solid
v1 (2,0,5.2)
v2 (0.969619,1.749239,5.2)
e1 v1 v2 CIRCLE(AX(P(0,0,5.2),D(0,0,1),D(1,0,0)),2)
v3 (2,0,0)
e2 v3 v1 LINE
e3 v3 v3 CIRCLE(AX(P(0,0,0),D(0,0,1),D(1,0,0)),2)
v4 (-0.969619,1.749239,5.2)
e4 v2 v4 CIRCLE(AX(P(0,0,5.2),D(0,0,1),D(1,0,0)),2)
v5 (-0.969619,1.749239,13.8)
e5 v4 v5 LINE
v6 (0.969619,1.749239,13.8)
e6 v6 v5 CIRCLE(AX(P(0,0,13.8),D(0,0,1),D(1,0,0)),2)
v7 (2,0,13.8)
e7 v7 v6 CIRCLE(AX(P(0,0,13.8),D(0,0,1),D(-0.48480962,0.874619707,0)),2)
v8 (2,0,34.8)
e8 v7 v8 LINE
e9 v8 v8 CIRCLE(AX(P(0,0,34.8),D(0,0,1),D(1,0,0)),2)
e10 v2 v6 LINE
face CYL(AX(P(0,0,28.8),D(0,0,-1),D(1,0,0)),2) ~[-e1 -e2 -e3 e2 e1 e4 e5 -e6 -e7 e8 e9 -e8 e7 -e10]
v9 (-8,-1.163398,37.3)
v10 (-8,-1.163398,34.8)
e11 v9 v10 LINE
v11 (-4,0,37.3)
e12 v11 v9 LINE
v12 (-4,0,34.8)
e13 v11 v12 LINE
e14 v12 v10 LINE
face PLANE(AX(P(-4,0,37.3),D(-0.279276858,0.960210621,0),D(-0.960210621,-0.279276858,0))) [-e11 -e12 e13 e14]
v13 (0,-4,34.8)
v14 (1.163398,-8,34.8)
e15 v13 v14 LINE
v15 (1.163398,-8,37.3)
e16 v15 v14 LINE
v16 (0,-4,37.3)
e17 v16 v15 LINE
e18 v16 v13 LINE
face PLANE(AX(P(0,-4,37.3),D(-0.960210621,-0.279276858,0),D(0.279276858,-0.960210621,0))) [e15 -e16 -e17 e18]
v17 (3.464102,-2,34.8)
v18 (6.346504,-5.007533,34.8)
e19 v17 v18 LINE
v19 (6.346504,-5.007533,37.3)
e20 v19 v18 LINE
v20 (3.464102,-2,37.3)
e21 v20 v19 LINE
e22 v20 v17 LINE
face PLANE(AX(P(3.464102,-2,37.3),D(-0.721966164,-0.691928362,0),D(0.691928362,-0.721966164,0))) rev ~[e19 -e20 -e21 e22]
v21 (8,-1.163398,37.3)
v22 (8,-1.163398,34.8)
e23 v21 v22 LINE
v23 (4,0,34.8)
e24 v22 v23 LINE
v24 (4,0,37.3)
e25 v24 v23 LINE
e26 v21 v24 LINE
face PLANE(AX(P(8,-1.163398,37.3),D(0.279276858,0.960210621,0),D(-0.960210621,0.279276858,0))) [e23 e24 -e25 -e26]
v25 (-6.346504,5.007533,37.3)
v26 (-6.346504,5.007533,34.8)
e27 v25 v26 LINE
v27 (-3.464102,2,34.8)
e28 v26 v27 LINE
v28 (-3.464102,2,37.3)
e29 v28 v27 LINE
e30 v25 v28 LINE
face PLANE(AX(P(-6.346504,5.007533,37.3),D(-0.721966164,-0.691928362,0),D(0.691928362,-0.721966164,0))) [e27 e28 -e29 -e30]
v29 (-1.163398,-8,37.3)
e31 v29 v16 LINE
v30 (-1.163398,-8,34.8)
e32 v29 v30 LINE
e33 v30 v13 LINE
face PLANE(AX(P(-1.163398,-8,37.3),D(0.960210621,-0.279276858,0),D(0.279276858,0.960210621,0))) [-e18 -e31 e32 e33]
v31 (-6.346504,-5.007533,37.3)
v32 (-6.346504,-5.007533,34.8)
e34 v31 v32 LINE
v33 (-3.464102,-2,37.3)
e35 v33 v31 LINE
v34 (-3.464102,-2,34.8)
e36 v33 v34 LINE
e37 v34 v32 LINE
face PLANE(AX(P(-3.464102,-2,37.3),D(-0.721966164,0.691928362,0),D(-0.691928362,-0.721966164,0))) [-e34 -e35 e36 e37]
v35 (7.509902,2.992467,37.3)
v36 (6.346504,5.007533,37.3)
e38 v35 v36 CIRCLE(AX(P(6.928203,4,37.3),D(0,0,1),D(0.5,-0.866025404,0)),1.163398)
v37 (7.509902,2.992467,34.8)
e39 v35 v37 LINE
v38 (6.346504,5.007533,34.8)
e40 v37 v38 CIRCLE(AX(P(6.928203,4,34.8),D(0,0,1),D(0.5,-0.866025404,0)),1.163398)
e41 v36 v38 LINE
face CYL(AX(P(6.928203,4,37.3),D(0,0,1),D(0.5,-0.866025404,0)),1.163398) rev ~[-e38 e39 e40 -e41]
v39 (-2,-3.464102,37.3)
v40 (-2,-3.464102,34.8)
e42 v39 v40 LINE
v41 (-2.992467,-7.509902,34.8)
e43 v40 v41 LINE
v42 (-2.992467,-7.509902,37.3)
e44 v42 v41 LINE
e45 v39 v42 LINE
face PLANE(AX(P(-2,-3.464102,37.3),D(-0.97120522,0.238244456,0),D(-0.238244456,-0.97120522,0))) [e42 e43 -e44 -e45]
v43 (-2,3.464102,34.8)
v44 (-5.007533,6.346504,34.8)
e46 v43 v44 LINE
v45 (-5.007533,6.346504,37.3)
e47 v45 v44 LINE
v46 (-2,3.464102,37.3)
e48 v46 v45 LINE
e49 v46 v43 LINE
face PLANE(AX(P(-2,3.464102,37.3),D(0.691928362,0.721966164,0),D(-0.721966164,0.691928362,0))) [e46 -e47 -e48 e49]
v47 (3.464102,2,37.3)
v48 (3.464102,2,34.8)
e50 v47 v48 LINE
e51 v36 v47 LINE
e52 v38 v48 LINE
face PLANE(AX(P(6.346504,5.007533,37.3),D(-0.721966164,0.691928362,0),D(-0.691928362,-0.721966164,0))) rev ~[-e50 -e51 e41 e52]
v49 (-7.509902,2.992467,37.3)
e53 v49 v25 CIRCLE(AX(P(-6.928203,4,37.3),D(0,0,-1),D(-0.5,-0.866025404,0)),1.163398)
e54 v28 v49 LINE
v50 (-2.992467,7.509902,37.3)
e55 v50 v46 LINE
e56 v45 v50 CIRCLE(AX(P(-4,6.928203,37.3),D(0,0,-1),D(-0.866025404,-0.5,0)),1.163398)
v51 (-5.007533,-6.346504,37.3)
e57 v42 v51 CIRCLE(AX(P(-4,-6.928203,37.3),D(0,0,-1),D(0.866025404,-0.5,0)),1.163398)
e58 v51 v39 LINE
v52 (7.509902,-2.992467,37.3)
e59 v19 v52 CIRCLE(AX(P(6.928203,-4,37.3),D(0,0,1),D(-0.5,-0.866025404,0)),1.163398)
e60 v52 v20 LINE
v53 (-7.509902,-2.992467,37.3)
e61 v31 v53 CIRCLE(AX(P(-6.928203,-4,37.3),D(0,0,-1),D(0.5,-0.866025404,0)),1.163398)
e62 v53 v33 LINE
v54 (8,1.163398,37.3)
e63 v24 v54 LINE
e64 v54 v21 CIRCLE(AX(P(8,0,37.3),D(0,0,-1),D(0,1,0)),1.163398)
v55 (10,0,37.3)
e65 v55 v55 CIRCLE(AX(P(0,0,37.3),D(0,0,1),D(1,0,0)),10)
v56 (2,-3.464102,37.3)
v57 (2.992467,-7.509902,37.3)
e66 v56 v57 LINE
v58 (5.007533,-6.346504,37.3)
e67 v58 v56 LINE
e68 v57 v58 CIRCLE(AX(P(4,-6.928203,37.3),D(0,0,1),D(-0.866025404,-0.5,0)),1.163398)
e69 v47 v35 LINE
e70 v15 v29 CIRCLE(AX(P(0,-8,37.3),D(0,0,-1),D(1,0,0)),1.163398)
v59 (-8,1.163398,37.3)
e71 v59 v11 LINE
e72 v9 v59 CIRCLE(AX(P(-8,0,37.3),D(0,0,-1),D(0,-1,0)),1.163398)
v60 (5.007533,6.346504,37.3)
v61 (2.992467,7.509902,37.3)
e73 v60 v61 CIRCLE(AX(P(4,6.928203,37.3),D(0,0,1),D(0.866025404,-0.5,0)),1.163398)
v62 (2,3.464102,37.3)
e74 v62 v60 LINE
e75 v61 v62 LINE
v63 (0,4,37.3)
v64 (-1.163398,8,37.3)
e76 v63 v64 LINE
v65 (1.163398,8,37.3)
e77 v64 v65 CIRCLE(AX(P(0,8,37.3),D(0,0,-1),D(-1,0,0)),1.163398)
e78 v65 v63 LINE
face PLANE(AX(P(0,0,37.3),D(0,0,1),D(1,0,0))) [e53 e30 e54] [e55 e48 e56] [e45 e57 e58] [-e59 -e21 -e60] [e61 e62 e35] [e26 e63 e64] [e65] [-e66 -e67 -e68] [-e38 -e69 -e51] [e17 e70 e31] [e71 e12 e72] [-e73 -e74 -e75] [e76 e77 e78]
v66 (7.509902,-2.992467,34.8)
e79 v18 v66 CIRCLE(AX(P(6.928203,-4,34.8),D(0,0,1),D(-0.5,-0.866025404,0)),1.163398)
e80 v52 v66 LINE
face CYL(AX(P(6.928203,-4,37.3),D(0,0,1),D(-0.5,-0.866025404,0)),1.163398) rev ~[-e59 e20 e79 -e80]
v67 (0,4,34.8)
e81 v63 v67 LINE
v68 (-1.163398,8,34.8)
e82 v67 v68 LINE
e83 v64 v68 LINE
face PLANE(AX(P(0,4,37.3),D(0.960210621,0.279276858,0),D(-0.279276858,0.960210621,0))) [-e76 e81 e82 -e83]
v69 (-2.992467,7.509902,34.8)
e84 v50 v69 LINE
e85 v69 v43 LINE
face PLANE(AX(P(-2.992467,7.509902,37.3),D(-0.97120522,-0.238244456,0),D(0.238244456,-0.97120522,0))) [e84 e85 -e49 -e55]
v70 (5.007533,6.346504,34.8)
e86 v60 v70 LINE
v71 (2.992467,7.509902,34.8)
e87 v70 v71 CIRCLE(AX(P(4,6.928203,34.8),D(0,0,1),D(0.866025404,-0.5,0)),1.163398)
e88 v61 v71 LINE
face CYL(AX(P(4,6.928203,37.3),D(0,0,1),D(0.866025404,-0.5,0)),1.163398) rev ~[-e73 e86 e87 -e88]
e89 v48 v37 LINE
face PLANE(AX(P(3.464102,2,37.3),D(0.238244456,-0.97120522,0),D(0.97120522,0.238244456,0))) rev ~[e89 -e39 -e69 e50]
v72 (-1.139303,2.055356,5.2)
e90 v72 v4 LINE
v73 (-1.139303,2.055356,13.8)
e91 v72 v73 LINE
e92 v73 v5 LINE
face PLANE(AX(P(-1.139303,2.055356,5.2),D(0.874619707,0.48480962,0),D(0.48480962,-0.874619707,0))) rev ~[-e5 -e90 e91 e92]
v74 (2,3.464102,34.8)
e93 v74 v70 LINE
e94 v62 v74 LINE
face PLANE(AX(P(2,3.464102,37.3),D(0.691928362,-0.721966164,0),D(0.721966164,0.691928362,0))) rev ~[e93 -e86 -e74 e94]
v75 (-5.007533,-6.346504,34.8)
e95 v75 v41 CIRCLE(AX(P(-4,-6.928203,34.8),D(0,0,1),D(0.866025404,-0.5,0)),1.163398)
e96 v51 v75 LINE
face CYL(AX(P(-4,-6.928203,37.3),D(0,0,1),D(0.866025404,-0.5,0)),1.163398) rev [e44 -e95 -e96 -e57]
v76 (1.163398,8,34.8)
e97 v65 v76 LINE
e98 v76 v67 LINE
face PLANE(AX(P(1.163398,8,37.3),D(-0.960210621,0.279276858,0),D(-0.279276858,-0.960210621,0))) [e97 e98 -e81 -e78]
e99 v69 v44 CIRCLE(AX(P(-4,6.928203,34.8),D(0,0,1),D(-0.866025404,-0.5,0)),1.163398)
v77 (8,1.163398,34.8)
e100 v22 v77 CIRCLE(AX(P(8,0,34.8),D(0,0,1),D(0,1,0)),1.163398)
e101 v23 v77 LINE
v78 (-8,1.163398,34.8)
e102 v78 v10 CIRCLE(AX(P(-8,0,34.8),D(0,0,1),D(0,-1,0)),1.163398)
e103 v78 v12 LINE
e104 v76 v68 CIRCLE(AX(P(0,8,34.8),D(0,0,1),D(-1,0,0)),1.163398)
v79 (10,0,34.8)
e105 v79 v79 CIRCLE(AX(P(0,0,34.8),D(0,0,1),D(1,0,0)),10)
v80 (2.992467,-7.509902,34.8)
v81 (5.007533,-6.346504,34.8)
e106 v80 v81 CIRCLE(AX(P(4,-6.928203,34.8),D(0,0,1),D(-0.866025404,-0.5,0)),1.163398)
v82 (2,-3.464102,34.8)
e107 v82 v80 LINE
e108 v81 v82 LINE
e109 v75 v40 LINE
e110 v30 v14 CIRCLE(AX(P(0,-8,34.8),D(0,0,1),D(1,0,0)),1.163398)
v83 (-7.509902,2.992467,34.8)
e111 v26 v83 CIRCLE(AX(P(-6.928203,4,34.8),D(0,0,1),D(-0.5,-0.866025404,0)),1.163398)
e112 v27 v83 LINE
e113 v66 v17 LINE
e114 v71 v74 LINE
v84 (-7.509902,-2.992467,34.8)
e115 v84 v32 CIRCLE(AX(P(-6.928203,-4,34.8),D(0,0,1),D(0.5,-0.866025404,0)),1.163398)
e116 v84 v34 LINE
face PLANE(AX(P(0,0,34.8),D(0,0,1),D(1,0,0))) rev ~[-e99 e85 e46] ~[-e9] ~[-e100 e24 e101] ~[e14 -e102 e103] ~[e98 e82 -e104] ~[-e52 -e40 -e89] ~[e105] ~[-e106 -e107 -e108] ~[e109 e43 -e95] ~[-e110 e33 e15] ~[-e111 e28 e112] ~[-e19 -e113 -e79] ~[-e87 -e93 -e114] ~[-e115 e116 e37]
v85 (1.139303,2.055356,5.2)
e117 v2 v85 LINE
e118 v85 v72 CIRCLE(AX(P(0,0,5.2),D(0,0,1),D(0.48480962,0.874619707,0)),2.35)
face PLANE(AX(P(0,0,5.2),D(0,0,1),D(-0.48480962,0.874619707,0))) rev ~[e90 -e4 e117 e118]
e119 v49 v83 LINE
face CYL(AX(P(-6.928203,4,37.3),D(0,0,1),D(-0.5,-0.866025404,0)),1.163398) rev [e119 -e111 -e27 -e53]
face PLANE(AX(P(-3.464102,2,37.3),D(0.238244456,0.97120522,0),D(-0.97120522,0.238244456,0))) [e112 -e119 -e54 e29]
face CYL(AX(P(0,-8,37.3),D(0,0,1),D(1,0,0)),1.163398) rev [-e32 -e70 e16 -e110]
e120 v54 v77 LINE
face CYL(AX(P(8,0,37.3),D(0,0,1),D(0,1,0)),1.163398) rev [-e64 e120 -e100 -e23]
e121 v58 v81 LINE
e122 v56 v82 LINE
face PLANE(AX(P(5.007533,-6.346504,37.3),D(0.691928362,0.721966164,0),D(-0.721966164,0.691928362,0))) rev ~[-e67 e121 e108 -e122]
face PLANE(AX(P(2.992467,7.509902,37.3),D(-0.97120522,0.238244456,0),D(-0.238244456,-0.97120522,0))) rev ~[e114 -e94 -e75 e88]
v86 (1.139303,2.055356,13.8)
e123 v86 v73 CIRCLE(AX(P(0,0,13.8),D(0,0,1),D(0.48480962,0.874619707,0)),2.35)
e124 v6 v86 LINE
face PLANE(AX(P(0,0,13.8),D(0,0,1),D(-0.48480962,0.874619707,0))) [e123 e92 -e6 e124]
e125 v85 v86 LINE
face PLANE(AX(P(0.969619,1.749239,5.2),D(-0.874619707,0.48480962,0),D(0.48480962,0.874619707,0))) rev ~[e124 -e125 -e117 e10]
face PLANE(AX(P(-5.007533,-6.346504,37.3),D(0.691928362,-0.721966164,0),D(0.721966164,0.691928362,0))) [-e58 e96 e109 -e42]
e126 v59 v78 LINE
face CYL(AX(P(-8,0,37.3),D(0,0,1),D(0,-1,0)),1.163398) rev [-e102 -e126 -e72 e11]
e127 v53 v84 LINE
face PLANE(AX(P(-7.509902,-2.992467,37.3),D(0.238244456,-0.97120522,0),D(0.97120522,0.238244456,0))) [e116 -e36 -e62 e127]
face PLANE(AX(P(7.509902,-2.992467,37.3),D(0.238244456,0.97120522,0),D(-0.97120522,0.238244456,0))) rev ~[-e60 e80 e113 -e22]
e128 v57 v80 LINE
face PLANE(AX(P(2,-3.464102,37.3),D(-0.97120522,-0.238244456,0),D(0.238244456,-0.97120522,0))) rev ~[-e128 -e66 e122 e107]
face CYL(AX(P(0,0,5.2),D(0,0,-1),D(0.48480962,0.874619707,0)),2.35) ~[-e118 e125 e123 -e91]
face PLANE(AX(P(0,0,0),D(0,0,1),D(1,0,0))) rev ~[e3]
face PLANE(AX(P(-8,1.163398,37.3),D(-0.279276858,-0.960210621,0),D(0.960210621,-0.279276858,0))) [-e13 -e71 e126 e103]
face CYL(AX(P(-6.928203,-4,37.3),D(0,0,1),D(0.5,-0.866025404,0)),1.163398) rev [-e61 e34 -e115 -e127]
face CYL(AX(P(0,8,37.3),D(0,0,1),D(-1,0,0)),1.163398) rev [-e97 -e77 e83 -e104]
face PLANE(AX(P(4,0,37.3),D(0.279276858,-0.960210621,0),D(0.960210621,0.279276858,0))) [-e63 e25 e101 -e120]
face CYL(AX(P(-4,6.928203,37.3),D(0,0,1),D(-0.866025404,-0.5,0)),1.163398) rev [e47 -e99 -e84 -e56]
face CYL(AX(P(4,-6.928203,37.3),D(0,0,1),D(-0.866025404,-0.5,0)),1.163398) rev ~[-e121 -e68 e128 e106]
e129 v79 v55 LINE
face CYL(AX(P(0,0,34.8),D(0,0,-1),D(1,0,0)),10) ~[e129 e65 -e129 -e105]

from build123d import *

# Parameters (mm, degrees)
SKETCH3_R           = 2
BOSS_EXTRUDE1_DEPTH = 5.2
SKETCH4_R           = 2
BOSS_EXTRUDE2_DEPTH = 8.6
SKETCH5_R           = 2
BOSS_EXTRUDE3_DEPTH = 15
SKETCH7_R           = 2
BOSS_EXTRUDE4_DEPTH = 6
SKETCH8_R           = 10
BOSS_EXTRUDE5_DEPTH = 2.5
CUT_EXTRUDE1_DEPTH  = 12


with BuildPart() as part:
    # Sketch3 → Boss-Extrude1 (new body)
    with BuildSketch(Plane.XY):
        Circle(SKETCH3_R)
    extrude(amount=BOSS_EXTRUDE1_DEPTH)

    # Sketch4 → Boss-Extrude2 (add)
    with BuildSketch(Plane.XY.offset(5.2)):
        with Locations(Location((0, 0, 0), (0, 0, 119))):
            Circle(SKETCH4_R)
        with BuildLine():
            Line((0, 0), (1.139302608, 2.055356312))
            ThreePointArc((1.139302608, 2.055356312), (0, 2.35), (-1.139302608, 2.055356312))
            Line((-1.139302608, 2.055356312), (0, 0))
        make_face()
        with BuildLine():
            Line((0.96961924, 1.749239414), (0, 0))
            Line((0, 0), (-0.96961924, 1.749239414))
            ThreePointArc((-0.96961924, 1.749239414), (-1.015076726, -1.723258321), (2, 0))
            ThreePointArc((2, 0), (1.723258321, 1.015076726), (0.96961924, 1.749239414))
        make_face()
    extrude(amount=BOSS_EXTRUDE2_DEPTH)

    # Sketch5 → Boss-Extrude3 (add)
    with BuildSketch(Plane.XY.offset(13.8)):
        Circle(SKETCH5_R)
    extrude(amount=BOSS_EXTRUDE3_DEPTH)

    # Sketch7 → Boss-Extrude4 (add)
    with BuildSketch(Plane.XY.offset(28.8)):
        Circle(SKETCH7_R)
    extrude(amount=BOSS_EXTRUDE4_DEPTH)

    # Sketch8 → Boss-Extrude5 (add)
    with BuildSketch(Plane.XY.offset(34.8)):
        Circle(SKETCH8_R)
    extrude(amount=BOSS_EXTRUDE5_DEPTH)

    # Sketch9 → Cut-Extrude1 (cut)
    with BuildSketch(Plane.XY.offset(37.3)):
        with BuildLine():
            Line((7.509902395, -2.992467491), (3.464101615, -2))
            Line((3.464101615, -2), (6.346504065, -5.007532509))
            ThreePointArc((6.346504065, -5.007532509), (7.935735739, -4.581699165), (7.509902395, -2.992467491))
        make_face()
        with BuildLine():
            Line((-6.346504065, 5.007532509), (-3.464101615, 2))
            Line((-3.464101615, 2), (-7.509902395, 2.992467491))
            ThreePointArc((-7.509902395, 2.992467491), (-7.935735739, 4.581699165), (-6.346504065, 5.007532509))
        make_face()
        with BuildLine():
            Line((-7.509902395, -2.992467491), (-3.464101615, -2))
            Line((-3.464101615, -2), (-6.346504065, -5.007532509))
            ThreePointArc((-6.346504065, -5.007532509), (-7.935735739, -4.581699165), (-7.509902395, -2.992467491))
        make_face()
        with BuildLine():
            Line((6.346504065, 5.007532509), (3.464101615, 2))
            Line((3.464101615, 2), (7.509902395, 2.992467491))
            ThreePointArc((7.509902395, 2.992467491), (7.935735739, 4.581699165), (6.346504065, 5.007532509))
        make_face()
        with BuildLine():
            Line((-1.16339833, -8), (0, -4))
            Line((0, -4), (1.16339833, -8))
            ThreePointArc((1.16339833, -8), (0, -9.16339833), (-1.16339833, -8))
        make_face()
        with BuildLine():
            Line((1.16339833, 8), (0, 4))
            Line((0, 4), (-1.16339833, 8))
            ThreePointArc((-1.16339833, 8), (0, 9.16339833), (1.16339833, 8))
        make_face()
        with BuildLine():
            Line((-8, 1.16339833), (-4, 0))
            Line((-4, 0), (-8, -1.16339833))
            ThreePointArc((-8, -1.16339833), (-9.16339833, 0), (-8, 1.16339833))
        make_face()
        with BuildLine():
            Line((8, -1.16339833), (4, 0))
            Line((4, 0), (8, 1.16339833))
            ThreePointArc((8, 1.16339833), (9.16339833, 0), (8, -1.16339833))
        make_face()
        with BuildLine():
            Line((-2.992467491, 7.509902395), (-2, 3.464101615))
            Line((-2, 3.464101615), (-5.007532509, 6.346504065))
            ThreePointArc((-5.007532509, 6.346504065), (-4.581699165, 7.935735739), (-2.992467491, 7.509902395))
        make_face()
        with BuildLine():
            Line((5.007532509, -6.346504065), (2, -3.464101615))
            Line((2, -3.464101615), (2.992467491, -7.509902395))
            ThreePointArc((2.992467491, -7.509902395), (4.581699165, -7.935735739), (5.007532509, -6.346504065))
        make_face()
        with BuildLine():
            Line((2.992467491, 7.509902395), (2, 3.464101615))
            Line((2, 3.464101615), (5.007532509, 6.346504065))
            ThreePointArc((5.007532509, 6.346504065), (4.581699165, 7.935735739), (2.992467491, 7.509902395))
        make_face()
        with BuildLine():
            Line((-5.007532509, -6.346504065), (-2, -3.464101615))
            Line((-2, -3.464101615), (-2.992467491, -7.509902395))
            ThreePointArc((-2.992467491, -7.509902395), (-4.581699165, -7.935735739), (-5.007532509, -6.346504065))
        make_face()
    extrude(amount=-CUT_EXTRUDE1_DEPTH, mode=Mode.SUBTRACT)


solid = part.part
